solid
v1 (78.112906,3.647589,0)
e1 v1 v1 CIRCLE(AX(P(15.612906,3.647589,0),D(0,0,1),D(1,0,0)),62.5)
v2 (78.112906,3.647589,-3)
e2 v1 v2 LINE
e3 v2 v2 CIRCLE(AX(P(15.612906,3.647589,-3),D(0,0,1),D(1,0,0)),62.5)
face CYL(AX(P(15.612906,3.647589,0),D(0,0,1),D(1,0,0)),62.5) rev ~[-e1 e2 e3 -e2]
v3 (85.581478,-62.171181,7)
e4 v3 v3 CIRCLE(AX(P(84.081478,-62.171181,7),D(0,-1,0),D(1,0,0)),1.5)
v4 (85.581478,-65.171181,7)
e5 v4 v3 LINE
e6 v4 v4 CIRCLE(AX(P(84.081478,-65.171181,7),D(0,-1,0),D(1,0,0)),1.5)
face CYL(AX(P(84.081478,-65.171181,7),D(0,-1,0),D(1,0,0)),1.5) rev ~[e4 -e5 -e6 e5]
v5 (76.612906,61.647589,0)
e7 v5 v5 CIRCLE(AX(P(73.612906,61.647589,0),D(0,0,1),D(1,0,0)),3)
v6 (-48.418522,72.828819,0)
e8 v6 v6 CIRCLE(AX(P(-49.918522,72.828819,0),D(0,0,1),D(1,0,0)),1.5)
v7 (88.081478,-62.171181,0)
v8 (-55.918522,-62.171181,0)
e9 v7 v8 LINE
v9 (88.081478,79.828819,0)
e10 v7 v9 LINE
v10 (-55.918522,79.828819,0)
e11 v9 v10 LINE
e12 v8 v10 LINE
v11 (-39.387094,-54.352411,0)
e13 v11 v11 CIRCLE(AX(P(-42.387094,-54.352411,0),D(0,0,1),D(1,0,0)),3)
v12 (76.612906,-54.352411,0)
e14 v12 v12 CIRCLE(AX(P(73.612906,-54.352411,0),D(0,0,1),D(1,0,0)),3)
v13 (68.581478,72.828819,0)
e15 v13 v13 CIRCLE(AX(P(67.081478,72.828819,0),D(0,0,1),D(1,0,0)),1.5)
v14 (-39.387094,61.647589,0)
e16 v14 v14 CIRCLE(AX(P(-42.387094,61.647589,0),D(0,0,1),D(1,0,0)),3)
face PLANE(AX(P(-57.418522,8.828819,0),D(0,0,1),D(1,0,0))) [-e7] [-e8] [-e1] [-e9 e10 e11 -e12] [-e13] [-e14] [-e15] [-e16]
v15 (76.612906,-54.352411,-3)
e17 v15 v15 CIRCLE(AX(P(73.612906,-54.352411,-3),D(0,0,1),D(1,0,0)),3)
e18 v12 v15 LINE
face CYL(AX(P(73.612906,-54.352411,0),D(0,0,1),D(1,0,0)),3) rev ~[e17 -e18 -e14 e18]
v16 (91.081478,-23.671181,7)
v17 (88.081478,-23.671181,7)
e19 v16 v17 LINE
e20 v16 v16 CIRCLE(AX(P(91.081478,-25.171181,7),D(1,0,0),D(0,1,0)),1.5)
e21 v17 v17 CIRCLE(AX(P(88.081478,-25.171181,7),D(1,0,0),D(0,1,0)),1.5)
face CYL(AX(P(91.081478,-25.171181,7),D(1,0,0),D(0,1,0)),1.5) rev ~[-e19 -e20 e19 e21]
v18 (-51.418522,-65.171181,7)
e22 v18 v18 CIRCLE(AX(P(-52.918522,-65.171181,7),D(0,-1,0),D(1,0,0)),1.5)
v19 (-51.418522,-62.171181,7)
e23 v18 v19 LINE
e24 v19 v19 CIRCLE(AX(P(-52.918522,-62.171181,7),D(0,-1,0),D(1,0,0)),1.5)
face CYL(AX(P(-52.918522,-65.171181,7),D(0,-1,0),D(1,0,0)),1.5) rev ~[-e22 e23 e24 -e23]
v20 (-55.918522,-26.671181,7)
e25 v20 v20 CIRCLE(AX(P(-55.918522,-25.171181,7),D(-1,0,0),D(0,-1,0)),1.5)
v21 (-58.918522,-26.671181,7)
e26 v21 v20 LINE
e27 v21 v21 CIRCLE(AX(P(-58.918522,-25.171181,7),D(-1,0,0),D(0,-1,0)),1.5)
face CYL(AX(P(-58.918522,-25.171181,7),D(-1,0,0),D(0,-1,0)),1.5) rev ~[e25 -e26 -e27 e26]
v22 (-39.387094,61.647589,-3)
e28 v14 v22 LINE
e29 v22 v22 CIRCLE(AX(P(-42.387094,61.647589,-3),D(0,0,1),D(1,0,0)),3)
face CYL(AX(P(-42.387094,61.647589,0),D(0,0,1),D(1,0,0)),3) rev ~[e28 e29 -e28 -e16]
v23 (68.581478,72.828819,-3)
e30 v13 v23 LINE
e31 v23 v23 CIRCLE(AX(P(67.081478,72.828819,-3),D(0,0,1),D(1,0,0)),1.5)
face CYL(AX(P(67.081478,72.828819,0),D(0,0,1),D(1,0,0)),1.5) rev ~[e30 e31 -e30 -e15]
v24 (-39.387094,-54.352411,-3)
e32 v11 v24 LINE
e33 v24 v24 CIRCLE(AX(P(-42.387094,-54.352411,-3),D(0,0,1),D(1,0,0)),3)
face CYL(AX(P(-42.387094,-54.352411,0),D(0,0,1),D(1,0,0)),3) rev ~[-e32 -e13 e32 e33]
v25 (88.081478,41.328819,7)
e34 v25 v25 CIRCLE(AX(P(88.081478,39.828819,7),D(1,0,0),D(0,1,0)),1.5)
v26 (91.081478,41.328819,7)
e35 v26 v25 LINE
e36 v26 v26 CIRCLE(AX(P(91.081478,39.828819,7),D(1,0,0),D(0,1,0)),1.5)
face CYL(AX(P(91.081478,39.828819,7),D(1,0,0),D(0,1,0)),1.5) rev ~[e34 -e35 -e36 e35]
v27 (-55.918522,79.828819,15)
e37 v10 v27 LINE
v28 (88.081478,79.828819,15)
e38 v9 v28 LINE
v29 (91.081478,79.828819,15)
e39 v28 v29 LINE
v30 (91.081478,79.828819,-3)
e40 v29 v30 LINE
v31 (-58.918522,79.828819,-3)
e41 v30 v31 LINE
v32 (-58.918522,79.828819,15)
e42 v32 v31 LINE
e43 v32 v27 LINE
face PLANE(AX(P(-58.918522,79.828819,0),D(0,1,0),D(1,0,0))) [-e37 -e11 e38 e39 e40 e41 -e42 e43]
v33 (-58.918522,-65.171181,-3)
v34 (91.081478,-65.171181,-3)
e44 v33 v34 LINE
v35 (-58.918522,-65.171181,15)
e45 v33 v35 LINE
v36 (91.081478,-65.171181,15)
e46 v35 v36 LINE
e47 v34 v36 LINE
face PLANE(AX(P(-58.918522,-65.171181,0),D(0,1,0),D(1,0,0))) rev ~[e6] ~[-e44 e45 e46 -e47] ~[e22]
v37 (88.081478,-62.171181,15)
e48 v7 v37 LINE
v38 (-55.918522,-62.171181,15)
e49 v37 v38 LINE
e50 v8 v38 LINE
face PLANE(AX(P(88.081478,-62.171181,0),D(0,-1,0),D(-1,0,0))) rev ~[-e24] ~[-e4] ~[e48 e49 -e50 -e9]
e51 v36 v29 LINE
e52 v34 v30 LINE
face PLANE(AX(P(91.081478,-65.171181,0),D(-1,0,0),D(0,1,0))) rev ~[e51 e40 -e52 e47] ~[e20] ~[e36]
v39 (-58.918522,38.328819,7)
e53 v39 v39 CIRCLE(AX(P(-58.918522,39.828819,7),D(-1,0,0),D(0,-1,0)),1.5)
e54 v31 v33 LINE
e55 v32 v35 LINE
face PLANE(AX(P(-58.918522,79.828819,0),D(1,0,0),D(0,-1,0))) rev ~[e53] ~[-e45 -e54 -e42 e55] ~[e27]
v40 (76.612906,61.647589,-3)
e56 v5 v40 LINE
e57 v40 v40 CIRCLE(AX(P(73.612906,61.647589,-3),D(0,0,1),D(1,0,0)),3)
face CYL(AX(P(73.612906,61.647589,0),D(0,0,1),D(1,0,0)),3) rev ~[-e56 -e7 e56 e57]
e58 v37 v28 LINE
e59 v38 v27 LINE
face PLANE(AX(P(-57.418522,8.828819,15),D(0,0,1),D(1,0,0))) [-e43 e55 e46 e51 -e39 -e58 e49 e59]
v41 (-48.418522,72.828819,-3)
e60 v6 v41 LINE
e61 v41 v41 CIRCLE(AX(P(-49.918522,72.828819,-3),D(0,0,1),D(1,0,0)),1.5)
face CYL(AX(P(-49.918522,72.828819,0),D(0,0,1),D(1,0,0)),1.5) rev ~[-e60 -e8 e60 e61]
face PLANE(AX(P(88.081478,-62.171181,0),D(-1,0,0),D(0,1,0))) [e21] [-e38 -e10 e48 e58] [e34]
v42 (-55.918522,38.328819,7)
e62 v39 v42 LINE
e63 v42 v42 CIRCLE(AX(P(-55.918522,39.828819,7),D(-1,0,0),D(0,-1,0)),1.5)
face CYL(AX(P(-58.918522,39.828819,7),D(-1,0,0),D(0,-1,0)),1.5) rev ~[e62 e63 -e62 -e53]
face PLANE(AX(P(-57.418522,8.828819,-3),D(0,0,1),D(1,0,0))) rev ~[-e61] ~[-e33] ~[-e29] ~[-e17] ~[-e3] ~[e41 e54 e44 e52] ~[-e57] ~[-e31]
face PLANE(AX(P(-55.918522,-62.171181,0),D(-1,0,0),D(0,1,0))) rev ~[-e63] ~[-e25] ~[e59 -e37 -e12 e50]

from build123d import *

# Parameters (mm, degrees)
F0_W     = 3
F0_H     = 142
F0_W_2   = 144
F0_R     = 3
F0_R_2   = 62.5
F0_R_3   = 1.5
F0_H_2   = 3
F1_DEPTH = 3
F2_DEPTH = 15
F5_R     = 1.5
F6_DEPTH = 3
F4_R     = 1.5
F7_DEPTH = 25
F3_R     = 1.5
F8_DEPTH = 25


with BuildPart() as f1:
    # F0 (on Top) → F1 (new body)
    with BuildSketch(Plane.XY):
        with Locations((-57.4185222983, 8.8288192153)):
            Rectangle(F0_W, F0_H)
        with Locations((16.0814777017, 8.8288192153)):
            Rectangle(F0_W_2, F0_H)
        with Locations((-42.3870939074, -54.3524108875)):
            Circle(F0_R, mode=Mode.SUBTRACT)
        with Locations((73.6129060926, -54.3524108875)):
            Circle(F0_R, mode=Mode.SUBTRACT)
        with Locations((15.6129060926, 3.6475891125)):
            Circle(F0_R_2, mode=Mode.SUBTRACT)
        with Locations((-42.3870939074, 61.6475891125)):
            Circle(F0_R, mode=Mode.SUBTRACT)
        with Locations((-49.9185222983, 72.8288192153)):
            Circle(F0_R_3, mode=Mode.SUBTRACT)
        with Locations((73.6129060926, 61.6475891125)):
            Circle(F0_R, mode=Mode.SUBTRACT)
        with Locations((67.0814777017, 72.8288192153)):
            Circle(F0_R_3, mode=Mode.SUBTRACT)
        with Locations((89.5814777017, 8.8288192153)):
            Rectangle(F0_W, F0_H)
        with Locations((16.0814777017, -63.6711807847)):
            Rectangle(F0_W_2, F0_H_2)
        with Locations((89.5814777017, -63.6711807847)):
            Rectangle(F0_W, F0_H_2)
        with Locations((-57.4185222983, -63.6711807847)):
            Rectangle(F0_W, F0_H_2)
    extrude(amount=-F1_DEPTH)

    # F0 (on Top) → F2 (join)
    with BuildSketch(Plane.XY):
        with Locations((-57.4185222983, 8.8288192153)):
            Rectangle(F0_W, F0_H)
        with Locations((-57.4185222983, -63.6711807847)):
            Rectangle(F0_W, F0_H_2)
        with Locations((16.0814777017, -63.6711807847)):
            Rectangle(F0_W_2, F0_H_2)
        with Locations((89.5814777017, -63.6711807847)):
            Rectangle(F0_W, F0_H_2)
        with Locations((89.5814777017, 8.8288192153)):
            Rectangle(F0_W, F0_H)
    extrude(amount=F2_DEPTH)

    # F5 (on face) → F6 (cut)
    with BuildSketch(Plane(origin=(-58.9185222983, 0, 0), x_dir=(0, -1, 0), z_dir=(-1, 0, 0))):
        with Locations((25.1711807847, 7)):
            Circle(F5_R)
        with Locations((-39.8288192153, 7)):
            Circle(F5_R)
    extrude(amount=-F6_DEPTH, mode=Mode.SUBTRACT)

    # F4 (on face) → F7 (cut)
    with BuildSketch(Plane.XZ.offset(65.1711807847)):
        with Locations((-52.9185222983, 7)):
            Circle(F4_R)
        with Locations((84.0814777017, 7)):
            Circle(F4_R)
    extrude(amount=-F7_DEPTH, mode=Mode.SUBTRACT)

    # F3 (on face) → F8 (cut)
    with BuildSketch(Plane.YZ.offset(91.0814777017)):
        with Locations((-25.1711807847, 7)):
            Circle(F3_R)
        with Locations((39.8288192153, 7)):
            Circle(F3_R)
    extrude(amount=-F8_DEPTH, mode=Mode.SUBTRACT)


solid = f1.part
